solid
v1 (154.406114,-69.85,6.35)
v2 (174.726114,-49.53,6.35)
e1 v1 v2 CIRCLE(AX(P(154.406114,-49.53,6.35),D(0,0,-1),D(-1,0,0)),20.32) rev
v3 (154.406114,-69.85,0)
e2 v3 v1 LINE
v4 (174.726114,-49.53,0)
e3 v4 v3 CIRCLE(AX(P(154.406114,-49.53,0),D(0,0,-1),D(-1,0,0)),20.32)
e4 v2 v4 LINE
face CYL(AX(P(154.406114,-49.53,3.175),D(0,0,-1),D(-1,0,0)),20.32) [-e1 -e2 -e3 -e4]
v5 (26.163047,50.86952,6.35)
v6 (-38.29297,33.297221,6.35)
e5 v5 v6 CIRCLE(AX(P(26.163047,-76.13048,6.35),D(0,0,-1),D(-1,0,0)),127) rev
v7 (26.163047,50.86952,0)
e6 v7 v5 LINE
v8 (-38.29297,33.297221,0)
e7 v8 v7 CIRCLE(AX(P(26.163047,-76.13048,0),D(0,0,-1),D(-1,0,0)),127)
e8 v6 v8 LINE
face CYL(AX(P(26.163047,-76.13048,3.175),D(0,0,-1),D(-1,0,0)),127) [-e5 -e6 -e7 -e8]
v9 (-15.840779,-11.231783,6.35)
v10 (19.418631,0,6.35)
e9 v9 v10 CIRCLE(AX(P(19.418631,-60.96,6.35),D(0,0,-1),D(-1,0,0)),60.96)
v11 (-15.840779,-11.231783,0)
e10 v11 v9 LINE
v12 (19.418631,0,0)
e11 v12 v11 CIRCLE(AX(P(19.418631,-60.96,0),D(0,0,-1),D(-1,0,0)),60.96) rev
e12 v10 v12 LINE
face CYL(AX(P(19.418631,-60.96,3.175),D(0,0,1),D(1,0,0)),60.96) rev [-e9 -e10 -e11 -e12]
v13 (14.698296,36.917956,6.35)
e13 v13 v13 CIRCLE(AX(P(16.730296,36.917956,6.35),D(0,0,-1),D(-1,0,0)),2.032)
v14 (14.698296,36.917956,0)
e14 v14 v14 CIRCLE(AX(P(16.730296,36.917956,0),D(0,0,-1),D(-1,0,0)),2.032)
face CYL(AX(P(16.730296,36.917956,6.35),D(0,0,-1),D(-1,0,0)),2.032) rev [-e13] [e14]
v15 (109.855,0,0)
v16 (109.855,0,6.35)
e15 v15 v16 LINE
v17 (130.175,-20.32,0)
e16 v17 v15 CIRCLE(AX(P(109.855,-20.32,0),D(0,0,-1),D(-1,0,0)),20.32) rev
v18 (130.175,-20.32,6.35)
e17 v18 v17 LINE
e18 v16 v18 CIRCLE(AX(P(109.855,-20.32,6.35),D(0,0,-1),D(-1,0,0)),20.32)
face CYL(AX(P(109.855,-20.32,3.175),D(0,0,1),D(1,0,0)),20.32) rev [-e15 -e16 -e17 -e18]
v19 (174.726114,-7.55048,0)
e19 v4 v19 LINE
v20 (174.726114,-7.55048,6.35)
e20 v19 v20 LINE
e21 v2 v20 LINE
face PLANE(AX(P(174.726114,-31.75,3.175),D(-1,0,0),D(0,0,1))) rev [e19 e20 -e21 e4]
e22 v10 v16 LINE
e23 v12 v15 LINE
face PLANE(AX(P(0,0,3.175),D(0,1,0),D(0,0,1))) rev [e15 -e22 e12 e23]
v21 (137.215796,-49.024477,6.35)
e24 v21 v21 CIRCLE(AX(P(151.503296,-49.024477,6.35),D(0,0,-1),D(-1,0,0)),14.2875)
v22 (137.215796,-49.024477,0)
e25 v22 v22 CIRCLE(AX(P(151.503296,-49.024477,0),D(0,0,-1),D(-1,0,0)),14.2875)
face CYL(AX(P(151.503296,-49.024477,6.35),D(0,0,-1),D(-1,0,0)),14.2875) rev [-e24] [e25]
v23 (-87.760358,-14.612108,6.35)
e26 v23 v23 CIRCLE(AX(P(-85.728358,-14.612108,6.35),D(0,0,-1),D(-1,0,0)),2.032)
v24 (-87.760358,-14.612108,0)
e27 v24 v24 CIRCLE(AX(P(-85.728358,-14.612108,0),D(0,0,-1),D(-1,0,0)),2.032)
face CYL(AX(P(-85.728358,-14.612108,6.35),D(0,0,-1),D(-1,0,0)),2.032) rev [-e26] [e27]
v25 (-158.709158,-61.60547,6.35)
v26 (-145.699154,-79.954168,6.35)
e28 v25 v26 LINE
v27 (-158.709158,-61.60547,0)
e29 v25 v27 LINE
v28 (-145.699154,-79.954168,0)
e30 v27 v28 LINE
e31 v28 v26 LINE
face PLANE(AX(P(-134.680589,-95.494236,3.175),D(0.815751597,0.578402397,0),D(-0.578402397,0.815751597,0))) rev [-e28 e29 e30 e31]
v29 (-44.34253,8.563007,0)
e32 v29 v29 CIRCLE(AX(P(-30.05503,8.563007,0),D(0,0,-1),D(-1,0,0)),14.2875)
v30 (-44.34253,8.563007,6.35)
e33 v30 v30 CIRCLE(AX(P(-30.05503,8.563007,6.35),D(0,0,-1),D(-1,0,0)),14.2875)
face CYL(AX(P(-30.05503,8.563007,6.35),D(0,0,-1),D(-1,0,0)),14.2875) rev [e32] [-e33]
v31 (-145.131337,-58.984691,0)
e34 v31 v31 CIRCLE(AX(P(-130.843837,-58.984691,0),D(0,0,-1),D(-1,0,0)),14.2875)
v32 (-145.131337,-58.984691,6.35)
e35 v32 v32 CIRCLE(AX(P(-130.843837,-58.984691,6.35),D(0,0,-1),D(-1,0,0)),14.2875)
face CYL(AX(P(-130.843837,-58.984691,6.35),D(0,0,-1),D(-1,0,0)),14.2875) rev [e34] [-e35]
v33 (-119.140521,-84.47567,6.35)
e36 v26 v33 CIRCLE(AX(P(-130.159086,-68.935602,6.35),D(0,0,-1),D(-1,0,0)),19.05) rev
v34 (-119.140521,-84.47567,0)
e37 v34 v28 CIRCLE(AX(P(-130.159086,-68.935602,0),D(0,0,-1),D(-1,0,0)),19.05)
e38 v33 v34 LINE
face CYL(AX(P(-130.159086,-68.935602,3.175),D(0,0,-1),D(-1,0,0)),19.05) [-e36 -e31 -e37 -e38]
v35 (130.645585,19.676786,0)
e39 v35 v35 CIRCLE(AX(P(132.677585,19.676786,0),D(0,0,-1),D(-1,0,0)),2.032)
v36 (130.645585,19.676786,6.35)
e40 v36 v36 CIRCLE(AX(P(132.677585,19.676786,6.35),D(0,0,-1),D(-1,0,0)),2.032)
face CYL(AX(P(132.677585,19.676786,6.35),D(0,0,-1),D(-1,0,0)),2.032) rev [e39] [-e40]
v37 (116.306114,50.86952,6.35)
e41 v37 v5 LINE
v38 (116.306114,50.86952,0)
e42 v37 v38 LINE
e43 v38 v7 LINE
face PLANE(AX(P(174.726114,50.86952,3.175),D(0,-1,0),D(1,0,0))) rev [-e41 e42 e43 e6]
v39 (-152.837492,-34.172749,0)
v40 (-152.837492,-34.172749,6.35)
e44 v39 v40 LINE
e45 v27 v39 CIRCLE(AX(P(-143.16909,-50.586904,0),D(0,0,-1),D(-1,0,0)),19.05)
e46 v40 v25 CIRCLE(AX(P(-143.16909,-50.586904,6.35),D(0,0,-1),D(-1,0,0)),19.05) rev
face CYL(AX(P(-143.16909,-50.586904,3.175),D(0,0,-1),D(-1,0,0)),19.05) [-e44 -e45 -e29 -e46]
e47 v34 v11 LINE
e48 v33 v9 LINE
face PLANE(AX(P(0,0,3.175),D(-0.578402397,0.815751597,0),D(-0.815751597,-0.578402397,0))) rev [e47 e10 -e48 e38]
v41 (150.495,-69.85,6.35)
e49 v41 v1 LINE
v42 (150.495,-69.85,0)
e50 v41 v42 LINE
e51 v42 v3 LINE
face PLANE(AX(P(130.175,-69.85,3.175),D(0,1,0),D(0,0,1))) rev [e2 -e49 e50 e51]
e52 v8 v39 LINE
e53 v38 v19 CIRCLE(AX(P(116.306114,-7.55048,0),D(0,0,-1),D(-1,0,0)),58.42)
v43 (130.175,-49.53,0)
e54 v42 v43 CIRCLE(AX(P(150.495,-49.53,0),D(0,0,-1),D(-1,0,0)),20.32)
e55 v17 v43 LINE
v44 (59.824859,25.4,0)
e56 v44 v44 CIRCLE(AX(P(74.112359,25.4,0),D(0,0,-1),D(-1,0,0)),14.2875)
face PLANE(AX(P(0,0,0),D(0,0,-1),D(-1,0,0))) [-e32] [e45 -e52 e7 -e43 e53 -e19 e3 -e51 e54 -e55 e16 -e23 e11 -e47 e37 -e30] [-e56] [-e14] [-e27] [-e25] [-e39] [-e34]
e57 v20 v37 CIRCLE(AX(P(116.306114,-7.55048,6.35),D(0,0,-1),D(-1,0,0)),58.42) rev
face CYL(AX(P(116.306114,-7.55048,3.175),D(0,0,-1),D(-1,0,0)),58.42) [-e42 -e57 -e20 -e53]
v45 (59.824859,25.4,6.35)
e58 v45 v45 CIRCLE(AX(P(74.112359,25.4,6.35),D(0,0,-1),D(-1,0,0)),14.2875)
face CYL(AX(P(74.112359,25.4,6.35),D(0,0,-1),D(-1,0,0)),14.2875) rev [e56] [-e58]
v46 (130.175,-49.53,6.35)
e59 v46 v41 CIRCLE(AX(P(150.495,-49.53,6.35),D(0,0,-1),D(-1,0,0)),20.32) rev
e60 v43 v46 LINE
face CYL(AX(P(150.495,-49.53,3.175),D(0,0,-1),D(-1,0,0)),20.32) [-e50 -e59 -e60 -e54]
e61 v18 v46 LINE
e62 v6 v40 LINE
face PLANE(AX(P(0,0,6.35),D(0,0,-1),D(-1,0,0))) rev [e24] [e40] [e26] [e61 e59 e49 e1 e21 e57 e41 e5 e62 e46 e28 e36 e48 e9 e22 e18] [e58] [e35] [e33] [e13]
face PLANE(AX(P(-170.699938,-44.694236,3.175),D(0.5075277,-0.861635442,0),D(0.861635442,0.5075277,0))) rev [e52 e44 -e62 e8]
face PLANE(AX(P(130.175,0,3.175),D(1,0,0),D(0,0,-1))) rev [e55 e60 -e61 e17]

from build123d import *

# Parameters (mm, degrees)
BOSS_EXTRUDE1_DEPTH = 3.175
FILLET4_R           = 127
FILLET8_R           = 6.35
SKETCH4_R           = 14.2875
SKETCH4_R_2         = 2.032
CUT_EXTRUDE1_DEPTH  = 18.415
FILLET20_R          = 33.02
BOSS_EXTRUDE3_DEPTH = 6.35
FILLET23_R          = 127
FILLET24_R          = 19.05
FILLET25_R          = 19.05
SKETCH4_2_R         = 14.2875
SKETCH4_2_R_2       = 2.032
CUT_EXTRUDE2_DEPTH  = 6.35
FILLET27_R          = 60.96
FILLET28_R          = 20.32
FILLET29_R          = 20.32
FILLET30_R          = 20.32
FILLET31_R          = 58.42


with BuildPart() as part:
    # Sketch1 → Boss-Extrude1 (new body)
    with BuildSketch(Plane.XY):
        Polygon((0, 0), (-134.680588616, -95.49423569), (-170.699937974, -44.69423569), (-8.460282393, 50.869520386), (174.726114012, 50.869520386), (174.726114012, -31.75), (174.726114012, -69.85), (130.175, -69.85), (130.175, 0), align=None)
    extrude(amount=BOSS_EXTRUDE1_DEPTH)

    # Fillet4
    fillet4_edges = [part.edges().sort_by_distance(p)[0] for p in [
        (-8.460282393, 50.869520386, 1.5875),
    ]]
    fillet(fillet4_edges, radius=FILLET4_R)

    # Fillet8
    fillet8_edges = [part.edges().sort_by_distance(p)[0] for p in [
        (174.726114012, 50.869520386, 1.5875),
    ]]
    fillet(fillet8_edges, radius=FILLET8_R)

    # Sketch4 → Cut-Extrude1 (cut)
    with BuildSketch(Plane(origin=(0, 0, 0), x_dir=(-1, 0, 0), z_dir=(0, 0, -1))):
        with Locations((-151.503295524, -49.024477041)):
            Circle(SKETCH4_R)
        with Locations((130.843837195, -58.984690885)):
            Circle(SKETCH4_R)
        with Locations((30.055030467, 8.563007376)):
            Circle(SKETCH4_R)
        with Locations((-74.112358802, 25.4)):
            Circle(SKETCH4_R)
        with Locations((85.728358398, -14.612108422)):
            Circle(SKETCH4_R_2)
        with Locations((-132.677584994, 19.676786483)):
            Circle(SKETCH4_R_2)
        with Locations((-16.730295544, 36.917955745)):
            Circle(SKETCH4_R_2)
    extrude(amount=-CUT_EXTRUDE1_DEPTH, mode=Mode.SUBTRACT)

    # Fillet20
    fillet20_edges = [part.edges().sort_by_distance(p)[0] for p in [
        (-134.680588616, -95.49423569, 1.5875),
    ]]
    fillet(fillet20_edges, radius=FILLET20_R)

    # Sketch1<3> → Boss-Extrude3 (add)
    with BuildSketch(Plane.XY):
        Polygon((0, 0), (-134.680588616, -95.49423569), (-170.699937974, -44.69423569), (-8.460282393, 50.869520386), (174.726114012, 50.869520386), (174.726114012, -31.75), (174.726114012, -69.85), (130.175, -69.85), (130.175, 0), align=None)
    extrude(amount=BOSS_EXTRUDE3_DEPTH)

    # Fillet23
    fillet23_edges = [part.edges().sort_by_distance(p)[0] for p in [
        (-8.460282393, 50.869520386, 3.175),
    ]]
    fillet(fillet23_edges, radius=FILLET23_R)

    # Fillet24
    fillet24_edges = [part.edges().sort_by_distance(p)[0] for p in [
        (-170.699937974, -44.69423569, 3.175),
    ]]
    fillet(fillet24_edges, radius=FILLET24_R)

    # Fillet25
    fillet25_edges = [part.edges().sort_by_distance(p)[0] for p in [
        (-134.680588616, -95.49423569, 3.175),
    ]]
    fillet(fillet25_edges, radius=FILLET25_R)

    # Sketch4<2> → Cut-Extrude2 (cut)
    with BuildSketch(Plane(origin=(0, 0, 0), x_dir=(-1, 0, 0), z_dir=(0, 0, -1))):
        with Locations((-151.503295524, -49.024477041)):
            Circle(SKETCH4_2_R)
        with Locations((130.843837195, -58.984690885)):
            Circle(SKETCH4_2_R)
        with Locations((30.055030467, 8.563007376)):
            Circle(SKETCH4_2_R)
        with Locations((-74.112358802, 25.4)):
            Circle(SKETCH4_2_R)
        with Locations((85.728358398, -14.612108422)):
            Circle(SKETCH4_2_R_2)
        with Locations((-132.677584994, 19.676786483)):
            Circle(SKETCH4_2_R_2)
        with Locations((-16.730295544, 36.917955745)):
            Circle(SKETCH4_2_R_2)
    extrude(amount=-CUT_EXTRUDE2_DEPTH, mode=Mode.SUBTRACT)

    # Fillet27
    fillet27_edges = [part.edges().sort_by_distance(p)[0] for p in [
        (0, 0, 3.175),
    ]]
    fillet(fillet27_edges, radius=FILLET27_R)

    # Fillet28
    fillet28_edges = [part.edges().sort_by_distance(p)[0] for p in [
        (130.175, 0, 3.175),
    ]]
    fillet(fillet28_edges, radius=FILLET28_R)

    # Fillet29
    fillet29_edges = [part.edges().sort_by_distance(p)[0] for p in [
        (130.175, -69.85, 3.175),
    ]]
    fillet(fillet29_edges, radius=FILLET29_R)

    # Fillet30
    fillet30_edges = [part.edges().sort_by_distance(p)[0] for p in [
        (174.726114012, -69.85, 3.175),
    ]]
    fillet(fillet30_edges, radius=FILLET30_R)

    # Fillet31
    fillet31_edges = [part.edges().sort_by_distance(p)[0] for p in [
        (174.726114012, 50.869520386, 3.175),
    ]]
    fillet(fillet31_edges, radius=FILLET31_R)


solid = part.part
